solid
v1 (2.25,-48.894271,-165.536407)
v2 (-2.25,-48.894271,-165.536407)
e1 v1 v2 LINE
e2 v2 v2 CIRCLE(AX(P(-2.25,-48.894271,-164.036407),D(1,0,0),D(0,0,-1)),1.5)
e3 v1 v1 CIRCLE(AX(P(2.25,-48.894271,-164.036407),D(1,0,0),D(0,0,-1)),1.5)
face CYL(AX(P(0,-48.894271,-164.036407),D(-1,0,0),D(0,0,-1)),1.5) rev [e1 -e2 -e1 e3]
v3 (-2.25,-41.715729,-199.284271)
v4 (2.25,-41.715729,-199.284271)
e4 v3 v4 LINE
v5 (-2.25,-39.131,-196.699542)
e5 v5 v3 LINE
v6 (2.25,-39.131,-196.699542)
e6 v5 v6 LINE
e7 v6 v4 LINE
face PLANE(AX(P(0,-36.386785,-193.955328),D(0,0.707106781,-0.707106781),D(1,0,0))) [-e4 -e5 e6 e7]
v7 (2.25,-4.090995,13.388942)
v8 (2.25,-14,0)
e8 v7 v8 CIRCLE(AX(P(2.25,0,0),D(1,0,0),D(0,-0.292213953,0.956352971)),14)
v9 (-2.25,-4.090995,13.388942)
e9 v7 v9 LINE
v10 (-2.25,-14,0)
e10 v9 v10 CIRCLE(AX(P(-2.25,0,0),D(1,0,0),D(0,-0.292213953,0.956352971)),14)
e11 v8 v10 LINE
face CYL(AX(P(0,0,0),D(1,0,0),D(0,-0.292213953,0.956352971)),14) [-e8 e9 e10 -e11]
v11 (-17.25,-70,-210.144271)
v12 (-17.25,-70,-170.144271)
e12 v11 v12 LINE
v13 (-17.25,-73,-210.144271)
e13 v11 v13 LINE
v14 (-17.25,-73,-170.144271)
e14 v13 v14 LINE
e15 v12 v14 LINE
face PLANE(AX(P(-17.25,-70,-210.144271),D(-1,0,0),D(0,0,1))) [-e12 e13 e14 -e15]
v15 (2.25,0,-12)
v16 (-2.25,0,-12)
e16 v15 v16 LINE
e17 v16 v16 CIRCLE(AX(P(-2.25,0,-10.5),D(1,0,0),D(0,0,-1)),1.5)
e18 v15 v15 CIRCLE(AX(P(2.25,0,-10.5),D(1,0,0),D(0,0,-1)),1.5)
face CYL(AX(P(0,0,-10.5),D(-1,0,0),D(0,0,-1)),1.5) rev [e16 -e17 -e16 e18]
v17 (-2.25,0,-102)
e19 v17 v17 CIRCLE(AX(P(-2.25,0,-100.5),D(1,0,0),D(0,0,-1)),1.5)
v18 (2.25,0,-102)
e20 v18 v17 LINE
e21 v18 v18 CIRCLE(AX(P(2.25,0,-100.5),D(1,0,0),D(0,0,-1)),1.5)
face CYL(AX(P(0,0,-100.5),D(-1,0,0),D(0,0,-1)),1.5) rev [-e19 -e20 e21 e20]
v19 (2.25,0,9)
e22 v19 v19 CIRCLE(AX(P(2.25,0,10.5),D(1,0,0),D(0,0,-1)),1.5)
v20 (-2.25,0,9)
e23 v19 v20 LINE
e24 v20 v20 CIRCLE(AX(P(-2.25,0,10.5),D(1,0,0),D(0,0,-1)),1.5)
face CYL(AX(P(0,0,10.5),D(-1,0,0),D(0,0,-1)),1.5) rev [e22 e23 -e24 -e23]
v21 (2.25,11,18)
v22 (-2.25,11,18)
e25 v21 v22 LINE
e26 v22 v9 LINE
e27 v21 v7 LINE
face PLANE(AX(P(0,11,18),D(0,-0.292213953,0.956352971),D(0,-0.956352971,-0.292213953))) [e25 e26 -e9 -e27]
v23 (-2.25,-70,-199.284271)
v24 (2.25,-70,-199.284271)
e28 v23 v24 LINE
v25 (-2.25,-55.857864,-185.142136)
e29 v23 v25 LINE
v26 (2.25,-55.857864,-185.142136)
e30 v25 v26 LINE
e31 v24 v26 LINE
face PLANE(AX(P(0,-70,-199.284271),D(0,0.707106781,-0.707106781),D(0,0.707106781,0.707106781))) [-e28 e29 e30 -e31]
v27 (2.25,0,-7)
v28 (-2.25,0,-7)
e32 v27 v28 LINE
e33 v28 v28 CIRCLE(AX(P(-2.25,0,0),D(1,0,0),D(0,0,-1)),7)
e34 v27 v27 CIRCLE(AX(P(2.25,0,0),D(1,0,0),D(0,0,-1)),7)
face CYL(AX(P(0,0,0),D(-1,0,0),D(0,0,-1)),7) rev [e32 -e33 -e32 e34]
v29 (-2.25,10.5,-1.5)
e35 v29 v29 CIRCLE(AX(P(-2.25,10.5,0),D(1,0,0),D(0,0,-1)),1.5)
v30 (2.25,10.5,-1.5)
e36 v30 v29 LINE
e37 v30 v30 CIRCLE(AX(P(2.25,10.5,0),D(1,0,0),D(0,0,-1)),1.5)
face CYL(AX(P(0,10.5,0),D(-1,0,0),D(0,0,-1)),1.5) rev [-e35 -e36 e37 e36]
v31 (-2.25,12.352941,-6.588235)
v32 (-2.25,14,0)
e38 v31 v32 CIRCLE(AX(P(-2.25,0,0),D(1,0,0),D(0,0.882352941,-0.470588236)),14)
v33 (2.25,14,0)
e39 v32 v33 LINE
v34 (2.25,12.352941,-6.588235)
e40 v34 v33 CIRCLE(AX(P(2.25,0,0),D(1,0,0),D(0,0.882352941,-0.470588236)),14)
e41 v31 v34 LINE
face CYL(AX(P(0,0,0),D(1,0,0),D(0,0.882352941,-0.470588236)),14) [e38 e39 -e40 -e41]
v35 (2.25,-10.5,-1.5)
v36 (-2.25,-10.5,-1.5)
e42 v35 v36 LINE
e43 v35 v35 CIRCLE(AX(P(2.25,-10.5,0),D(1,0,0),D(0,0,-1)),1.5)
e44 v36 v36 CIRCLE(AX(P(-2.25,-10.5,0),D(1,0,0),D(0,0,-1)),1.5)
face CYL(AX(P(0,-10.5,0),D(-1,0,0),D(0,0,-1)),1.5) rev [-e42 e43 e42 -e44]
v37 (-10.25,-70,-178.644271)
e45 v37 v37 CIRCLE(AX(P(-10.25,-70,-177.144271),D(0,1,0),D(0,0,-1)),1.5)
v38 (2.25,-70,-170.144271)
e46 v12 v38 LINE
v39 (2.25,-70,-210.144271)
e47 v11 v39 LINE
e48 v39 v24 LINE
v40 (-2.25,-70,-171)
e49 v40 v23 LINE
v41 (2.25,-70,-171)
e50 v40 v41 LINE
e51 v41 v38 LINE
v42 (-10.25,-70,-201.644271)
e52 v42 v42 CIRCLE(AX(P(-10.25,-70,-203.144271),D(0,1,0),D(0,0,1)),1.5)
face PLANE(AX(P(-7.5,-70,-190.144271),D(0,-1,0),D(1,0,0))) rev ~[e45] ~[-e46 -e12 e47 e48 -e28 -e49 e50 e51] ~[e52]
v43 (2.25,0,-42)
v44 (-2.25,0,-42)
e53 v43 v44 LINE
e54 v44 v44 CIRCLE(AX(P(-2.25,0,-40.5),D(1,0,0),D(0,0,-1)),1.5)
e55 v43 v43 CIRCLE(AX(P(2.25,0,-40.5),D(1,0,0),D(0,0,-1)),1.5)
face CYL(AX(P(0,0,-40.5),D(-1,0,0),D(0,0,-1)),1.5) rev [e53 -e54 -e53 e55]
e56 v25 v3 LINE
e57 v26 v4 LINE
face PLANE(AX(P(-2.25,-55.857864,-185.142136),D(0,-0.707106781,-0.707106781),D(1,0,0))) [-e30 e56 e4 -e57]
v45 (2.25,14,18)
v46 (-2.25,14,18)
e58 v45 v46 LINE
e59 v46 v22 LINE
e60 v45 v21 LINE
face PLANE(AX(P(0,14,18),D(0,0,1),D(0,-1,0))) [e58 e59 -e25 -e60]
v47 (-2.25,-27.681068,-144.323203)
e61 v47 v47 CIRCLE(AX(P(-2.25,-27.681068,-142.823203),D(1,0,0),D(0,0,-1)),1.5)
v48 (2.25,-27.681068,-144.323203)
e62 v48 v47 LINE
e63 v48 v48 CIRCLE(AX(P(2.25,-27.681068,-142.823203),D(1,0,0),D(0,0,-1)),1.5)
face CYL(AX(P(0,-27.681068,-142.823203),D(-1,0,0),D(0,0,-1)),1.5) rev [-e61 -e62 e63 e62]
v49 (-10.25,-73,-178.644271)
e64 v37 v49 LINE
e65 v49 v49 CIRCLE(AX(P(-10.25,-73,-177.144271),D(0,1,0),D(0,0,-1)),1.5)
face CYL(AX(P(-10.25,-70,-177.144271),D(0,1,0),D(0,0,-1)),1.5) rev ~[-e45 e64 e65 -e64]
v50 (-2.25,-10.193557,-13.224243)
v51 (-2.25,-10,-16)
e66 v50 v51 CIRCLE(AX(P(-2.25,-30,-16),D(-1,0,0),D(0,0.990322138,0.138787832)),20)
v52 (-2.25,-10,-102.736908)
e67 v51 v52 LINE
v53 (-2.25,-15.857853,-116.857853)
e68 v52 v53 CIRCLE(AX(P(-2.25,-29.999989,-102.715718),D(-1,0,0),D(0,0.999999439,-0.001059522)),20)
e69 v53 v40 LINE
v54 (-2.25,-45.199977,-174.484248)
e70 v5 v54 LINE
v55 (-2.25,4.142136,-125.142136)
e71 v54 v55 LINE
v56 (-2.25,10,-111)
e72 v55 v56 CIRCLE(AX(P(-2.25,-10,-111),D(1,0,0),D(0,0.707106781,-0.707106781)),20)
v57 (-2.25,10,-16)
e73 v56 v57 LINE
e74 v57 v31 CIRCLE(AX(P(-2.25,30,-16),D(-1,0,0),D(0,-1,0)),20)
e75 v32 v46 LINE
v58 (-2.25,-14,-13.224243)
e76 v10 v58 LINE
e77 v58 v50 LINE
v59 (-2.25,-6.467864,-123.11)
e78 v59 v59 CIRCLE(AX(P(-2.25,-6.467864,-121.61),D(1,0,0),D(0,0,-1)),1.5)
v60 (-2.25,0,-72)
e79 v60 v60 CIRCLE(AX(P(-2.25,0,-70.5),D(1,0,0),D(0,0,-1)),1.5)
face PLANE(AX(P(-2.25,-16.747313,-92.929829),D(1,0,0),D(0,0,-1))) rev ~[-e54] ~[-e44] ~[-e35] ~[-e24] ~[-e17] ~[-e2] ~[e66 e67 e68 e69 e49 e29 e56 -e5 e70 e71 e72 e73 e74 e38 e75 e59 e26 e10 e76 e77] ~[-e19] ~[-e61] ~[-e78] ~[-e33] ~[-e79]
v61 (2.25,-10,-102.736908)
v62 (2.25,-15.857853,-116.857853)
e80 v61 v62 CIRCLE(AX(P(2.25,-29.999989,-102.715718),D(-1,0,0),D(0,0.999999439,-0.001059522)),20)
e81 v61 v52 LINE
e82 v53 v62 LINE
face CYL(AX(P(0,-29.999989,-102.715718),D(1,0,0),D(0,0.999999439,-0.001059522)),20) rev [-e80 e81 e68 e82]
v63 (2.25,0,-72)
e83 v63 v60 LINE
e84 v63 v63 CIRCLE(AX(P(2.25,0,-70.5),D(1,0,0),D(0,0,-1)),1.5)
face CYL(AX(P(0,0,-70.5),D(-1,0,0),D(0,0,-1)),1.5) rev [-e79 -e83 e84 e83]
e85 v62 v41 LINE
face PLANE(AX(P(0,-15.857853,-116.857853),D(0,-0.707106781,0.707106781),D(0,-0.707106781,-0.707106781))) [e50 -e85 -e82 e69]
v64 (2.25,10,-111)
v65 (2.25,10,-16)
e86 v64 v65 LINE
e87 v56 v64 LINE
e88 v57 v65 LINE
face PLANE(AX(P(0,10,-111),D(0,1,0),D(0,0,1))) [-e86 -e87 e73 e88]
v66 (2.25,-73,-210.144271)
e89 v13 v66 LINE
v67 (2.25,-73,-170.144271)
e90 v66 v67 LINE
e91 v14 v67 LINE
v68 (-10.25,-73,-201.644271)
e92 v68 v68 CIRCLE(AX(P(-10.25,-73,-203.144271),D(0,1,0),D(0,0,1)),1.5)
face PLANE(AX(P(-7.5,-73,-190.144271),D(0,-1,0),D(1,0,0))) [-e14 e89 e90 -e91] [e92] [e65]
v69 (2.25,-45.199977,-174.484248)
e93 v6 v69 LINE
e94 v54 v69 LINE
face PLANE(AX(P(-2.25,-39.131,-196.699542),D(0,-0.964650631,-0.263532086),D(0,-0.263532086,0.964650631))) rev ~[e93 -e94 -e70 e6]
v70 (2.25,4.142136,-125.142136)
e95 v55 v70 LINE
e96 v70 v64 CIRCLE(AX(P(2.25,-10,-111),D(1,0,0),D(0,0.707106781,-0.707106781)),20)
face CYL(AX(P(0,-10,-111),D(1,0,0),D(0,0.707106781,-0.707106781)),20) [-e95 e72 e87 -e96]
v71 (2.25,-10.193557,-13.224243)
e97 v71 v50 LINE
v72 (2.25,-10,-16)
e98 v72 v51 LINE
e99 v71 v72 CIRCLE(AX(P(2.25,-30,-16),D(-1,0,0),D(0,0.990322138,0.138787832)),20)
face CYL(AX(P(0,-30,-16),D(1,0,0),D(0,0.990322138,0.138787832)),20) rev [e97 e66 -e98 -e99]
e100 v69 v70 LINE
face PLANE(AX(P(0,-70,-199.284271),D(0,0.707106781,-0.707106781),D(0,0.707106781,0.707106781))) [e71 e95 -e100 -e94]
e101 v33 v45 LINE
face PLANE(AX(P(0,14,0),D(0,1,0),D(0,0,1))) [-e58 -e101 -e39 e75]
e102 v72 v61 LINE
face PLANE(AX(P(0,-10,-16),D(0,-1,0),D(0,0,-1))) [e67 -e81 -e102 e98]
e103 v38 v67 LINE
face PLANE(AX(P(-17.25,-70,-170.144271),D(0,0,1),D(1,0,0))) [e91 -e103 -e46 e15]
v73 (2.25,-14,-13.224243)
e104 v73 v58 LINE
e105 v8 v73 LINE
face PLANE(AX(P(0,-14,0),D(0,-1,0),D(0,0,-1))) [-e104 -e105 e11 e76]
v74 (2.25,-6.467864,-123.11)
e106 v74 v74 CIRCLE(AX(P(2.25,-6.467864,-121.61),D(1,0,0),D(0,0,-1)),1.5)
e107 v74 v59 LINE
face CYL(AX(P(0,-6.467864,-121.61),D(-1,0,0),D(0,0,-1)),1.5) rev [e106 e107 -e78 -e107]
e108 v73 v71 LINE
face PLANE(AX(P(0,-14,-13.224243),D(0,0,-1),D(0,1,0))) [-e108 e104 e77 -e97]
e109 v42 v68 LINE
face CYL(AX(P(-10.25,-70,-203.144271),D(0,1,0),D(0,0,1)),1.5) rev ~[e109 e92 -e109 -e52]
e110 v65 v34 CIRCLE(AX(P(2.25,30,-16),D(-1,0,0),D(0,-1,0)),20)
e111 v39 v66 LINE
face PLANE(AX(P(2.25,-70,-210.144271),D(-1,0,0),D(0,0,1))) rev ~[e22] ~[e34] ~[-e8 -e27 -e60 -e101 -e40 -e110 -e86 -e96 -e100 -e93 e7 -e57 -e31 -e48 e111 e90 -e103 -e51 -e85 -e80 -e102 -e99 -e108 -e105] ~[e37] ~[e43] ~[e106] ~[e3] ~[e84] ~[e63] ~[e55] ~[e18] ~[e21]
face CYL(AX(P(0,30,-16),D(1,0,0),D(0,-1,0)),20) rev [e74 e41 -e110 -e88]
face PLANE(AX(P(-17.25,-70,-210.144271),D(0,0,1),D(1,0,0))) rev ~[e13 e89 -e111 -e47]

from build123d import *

# Parameters (mm, degrees)
SKETCH_1_R          = 1.5
SKETCH_1_R_2        = 7
EXTRUDE_1_DEPTH     = 2.25
SKETCH_3_W          = 19.5
SKETCH_3_H          = 40
EXTRUDE_2_DEPTH     = 3
SKETCH_4_R          = 1.5
CUT_EXTRUDE_1_DEPTH = 227.967348396
SKETCH_5_W          = 4.5
SKETCH_5_H          = 15.072529032
EXTRUDE_3_DEPTH     = 20
CUT_EXTRUDE_3_DEPTH = 10


with BuildPart() as part:
    # 草图1 → 凸台-拉伸1 (new, symmetric)
    with BuildSketch(Plane(origin=(0, 0, 0), x_dir=(0, 0, -1), z_dir=(1, 0, 0))):
        with BuildLine():
            ThreePointArc((102.736907967, -10), (110.379173808, -11.526455333), (116.85785315, -15.85785315))
            Line((116.85785315, -15.85785315), (171, -70))
            Line((171, -70), (199.284271247, -70))
            Line((199.284271247, -70), (125.142135624, 4.142135624))
            ThreePointArc((125.142135624, 4.142135624), (118.653668647, 8.47759065), (111, 10))
            Line((111, 10), (16, 10))
            ThreePointArc((16, 10), (11.149287499, 10.597149997), (6.588235294, 12.352941176))
            ThreePointArc((6.588235294, 12.352941176), (3.395498751, 13.581995002), (0, 14))
            Line((0, 14), (-18, 14))
            Line((-18, 14), (-18, 11))
            Line((-18, 11), (-13.388941598, -4.090995342))
            ThreePointArc((-13.388941598, -4.090995342), (-8.328447191, -11.253309175), (0, -14))
            Line((0, -14), (13.224243357, -14))
            Line((13.224243357, -14), (13.224243357, -10.193557234))
            ThreePointArc((13.224243357, -10.193557234), (14.608751519, -10.048447989), (16, -10))
            Line((16, -10), (102.736907967, -10))
        make_face()
        with Locations((164.036406871, -48.894271247)):
            Circle(SKETCH_1_R, mode=Mode.SUBTRACT)
        with Locations((142.823203436, -27.681067812)):
            Circle(SKETCH_1_R, mode=Mode.SUBTRACT)
        with Locations((0, -10.5)):
            Circle(SKETCH_1_R, mode=Mode.SUBTRACT)
        with Locations((-10.5, 0)):
            Circle(SKETCH_1_R, mode=Mode.SUBTRACT)
        Circle(SKETCH_1_R_2, mode=Mode.SUBTRACT)
        with Locations((10.5, 0)):
            Circle(SKETCH_1_R, mode=Mode.SUBTRACT)
        with Locations((0, 10.5)):
            Circle(SKETCH_1_R, mode=Mode.SUBTRACT)
        with Locations((40.5, 0)):
            Circle(SKETCH_1_R, mode=Mode.SUBTRACT)
        with Locations((70.5, 0)):
            Circle(SKETCH_1_R, mode=Mode.SUBTRACT)
        with Locations((121.61, -6.467864376)):
            Circle(SKETCH_1_R, mode=Mode.SUBTRACT)
        with Locations((100.5, 0)):
            Circle(SKETCH_1_R, mode=Mode.SUBTRACT)
    extrude(amount=EXTRUDE_1_DEPTH, both=True)

    # 草图3 → 凸台-拉伸2 (add)
    with BuildSketch(Plane.XZ.offset(70)):
        with Locations((-7.5, -190.144271247)):
            Rectangle(SKETCH_3_W, SKETCH_3_H)
    extrude(amount=EXTRUDE_2_DEPTH)

    # 草图4 → 切除-拉伸1 (cut, through all)
    with BuildSketch(Plane(origin=(0, -70, 0), x_dir=(1, 0, 0), z_dir=(0, 1, 0))):
        with Locations(Location((-10.25, 203.144271247, 0), (0, 0, 270))):
            Circle(SKETCH_4_R)
        with Locations(Location((-10.25, 177.144271247, 0), (0, 0, 90))):
            Circle(SKETCH_4_R)
    extrude(amount=-CUT_EXTRUDE_1_DEPTH, mode=Mode.SUBTRACT)

    # 草图5 → 凸台-拉伸3 (add)
    with BuildSketch(Plane(origin=(0, 64.642135624, -64.642135624), x_dir=(1, 0, 0), z_dir=(0, 0.7071067811865465, -0.7071067811865487))):
        with Locations((0, 162.87646975)):
            Rectangle(SKETCH_5_W, SKETCH_5_H)
    extrude(amount=EXTRUDE_3_DEPTH)

    # 草图9 → 切除-拉伸3 (cut)
    with BuildSketch(Plane.ZY.offset(2.25)):
        Polygon((-196.699542099, -39.130999604), (-174.484248136, -45.199976888), (-188.626383759, -31.057841264), align=None)
    extrude(amount=-CUT_EXTRUDE_3_DEPTH, mode=Mode.SUBTRACT)


solid = part.part
